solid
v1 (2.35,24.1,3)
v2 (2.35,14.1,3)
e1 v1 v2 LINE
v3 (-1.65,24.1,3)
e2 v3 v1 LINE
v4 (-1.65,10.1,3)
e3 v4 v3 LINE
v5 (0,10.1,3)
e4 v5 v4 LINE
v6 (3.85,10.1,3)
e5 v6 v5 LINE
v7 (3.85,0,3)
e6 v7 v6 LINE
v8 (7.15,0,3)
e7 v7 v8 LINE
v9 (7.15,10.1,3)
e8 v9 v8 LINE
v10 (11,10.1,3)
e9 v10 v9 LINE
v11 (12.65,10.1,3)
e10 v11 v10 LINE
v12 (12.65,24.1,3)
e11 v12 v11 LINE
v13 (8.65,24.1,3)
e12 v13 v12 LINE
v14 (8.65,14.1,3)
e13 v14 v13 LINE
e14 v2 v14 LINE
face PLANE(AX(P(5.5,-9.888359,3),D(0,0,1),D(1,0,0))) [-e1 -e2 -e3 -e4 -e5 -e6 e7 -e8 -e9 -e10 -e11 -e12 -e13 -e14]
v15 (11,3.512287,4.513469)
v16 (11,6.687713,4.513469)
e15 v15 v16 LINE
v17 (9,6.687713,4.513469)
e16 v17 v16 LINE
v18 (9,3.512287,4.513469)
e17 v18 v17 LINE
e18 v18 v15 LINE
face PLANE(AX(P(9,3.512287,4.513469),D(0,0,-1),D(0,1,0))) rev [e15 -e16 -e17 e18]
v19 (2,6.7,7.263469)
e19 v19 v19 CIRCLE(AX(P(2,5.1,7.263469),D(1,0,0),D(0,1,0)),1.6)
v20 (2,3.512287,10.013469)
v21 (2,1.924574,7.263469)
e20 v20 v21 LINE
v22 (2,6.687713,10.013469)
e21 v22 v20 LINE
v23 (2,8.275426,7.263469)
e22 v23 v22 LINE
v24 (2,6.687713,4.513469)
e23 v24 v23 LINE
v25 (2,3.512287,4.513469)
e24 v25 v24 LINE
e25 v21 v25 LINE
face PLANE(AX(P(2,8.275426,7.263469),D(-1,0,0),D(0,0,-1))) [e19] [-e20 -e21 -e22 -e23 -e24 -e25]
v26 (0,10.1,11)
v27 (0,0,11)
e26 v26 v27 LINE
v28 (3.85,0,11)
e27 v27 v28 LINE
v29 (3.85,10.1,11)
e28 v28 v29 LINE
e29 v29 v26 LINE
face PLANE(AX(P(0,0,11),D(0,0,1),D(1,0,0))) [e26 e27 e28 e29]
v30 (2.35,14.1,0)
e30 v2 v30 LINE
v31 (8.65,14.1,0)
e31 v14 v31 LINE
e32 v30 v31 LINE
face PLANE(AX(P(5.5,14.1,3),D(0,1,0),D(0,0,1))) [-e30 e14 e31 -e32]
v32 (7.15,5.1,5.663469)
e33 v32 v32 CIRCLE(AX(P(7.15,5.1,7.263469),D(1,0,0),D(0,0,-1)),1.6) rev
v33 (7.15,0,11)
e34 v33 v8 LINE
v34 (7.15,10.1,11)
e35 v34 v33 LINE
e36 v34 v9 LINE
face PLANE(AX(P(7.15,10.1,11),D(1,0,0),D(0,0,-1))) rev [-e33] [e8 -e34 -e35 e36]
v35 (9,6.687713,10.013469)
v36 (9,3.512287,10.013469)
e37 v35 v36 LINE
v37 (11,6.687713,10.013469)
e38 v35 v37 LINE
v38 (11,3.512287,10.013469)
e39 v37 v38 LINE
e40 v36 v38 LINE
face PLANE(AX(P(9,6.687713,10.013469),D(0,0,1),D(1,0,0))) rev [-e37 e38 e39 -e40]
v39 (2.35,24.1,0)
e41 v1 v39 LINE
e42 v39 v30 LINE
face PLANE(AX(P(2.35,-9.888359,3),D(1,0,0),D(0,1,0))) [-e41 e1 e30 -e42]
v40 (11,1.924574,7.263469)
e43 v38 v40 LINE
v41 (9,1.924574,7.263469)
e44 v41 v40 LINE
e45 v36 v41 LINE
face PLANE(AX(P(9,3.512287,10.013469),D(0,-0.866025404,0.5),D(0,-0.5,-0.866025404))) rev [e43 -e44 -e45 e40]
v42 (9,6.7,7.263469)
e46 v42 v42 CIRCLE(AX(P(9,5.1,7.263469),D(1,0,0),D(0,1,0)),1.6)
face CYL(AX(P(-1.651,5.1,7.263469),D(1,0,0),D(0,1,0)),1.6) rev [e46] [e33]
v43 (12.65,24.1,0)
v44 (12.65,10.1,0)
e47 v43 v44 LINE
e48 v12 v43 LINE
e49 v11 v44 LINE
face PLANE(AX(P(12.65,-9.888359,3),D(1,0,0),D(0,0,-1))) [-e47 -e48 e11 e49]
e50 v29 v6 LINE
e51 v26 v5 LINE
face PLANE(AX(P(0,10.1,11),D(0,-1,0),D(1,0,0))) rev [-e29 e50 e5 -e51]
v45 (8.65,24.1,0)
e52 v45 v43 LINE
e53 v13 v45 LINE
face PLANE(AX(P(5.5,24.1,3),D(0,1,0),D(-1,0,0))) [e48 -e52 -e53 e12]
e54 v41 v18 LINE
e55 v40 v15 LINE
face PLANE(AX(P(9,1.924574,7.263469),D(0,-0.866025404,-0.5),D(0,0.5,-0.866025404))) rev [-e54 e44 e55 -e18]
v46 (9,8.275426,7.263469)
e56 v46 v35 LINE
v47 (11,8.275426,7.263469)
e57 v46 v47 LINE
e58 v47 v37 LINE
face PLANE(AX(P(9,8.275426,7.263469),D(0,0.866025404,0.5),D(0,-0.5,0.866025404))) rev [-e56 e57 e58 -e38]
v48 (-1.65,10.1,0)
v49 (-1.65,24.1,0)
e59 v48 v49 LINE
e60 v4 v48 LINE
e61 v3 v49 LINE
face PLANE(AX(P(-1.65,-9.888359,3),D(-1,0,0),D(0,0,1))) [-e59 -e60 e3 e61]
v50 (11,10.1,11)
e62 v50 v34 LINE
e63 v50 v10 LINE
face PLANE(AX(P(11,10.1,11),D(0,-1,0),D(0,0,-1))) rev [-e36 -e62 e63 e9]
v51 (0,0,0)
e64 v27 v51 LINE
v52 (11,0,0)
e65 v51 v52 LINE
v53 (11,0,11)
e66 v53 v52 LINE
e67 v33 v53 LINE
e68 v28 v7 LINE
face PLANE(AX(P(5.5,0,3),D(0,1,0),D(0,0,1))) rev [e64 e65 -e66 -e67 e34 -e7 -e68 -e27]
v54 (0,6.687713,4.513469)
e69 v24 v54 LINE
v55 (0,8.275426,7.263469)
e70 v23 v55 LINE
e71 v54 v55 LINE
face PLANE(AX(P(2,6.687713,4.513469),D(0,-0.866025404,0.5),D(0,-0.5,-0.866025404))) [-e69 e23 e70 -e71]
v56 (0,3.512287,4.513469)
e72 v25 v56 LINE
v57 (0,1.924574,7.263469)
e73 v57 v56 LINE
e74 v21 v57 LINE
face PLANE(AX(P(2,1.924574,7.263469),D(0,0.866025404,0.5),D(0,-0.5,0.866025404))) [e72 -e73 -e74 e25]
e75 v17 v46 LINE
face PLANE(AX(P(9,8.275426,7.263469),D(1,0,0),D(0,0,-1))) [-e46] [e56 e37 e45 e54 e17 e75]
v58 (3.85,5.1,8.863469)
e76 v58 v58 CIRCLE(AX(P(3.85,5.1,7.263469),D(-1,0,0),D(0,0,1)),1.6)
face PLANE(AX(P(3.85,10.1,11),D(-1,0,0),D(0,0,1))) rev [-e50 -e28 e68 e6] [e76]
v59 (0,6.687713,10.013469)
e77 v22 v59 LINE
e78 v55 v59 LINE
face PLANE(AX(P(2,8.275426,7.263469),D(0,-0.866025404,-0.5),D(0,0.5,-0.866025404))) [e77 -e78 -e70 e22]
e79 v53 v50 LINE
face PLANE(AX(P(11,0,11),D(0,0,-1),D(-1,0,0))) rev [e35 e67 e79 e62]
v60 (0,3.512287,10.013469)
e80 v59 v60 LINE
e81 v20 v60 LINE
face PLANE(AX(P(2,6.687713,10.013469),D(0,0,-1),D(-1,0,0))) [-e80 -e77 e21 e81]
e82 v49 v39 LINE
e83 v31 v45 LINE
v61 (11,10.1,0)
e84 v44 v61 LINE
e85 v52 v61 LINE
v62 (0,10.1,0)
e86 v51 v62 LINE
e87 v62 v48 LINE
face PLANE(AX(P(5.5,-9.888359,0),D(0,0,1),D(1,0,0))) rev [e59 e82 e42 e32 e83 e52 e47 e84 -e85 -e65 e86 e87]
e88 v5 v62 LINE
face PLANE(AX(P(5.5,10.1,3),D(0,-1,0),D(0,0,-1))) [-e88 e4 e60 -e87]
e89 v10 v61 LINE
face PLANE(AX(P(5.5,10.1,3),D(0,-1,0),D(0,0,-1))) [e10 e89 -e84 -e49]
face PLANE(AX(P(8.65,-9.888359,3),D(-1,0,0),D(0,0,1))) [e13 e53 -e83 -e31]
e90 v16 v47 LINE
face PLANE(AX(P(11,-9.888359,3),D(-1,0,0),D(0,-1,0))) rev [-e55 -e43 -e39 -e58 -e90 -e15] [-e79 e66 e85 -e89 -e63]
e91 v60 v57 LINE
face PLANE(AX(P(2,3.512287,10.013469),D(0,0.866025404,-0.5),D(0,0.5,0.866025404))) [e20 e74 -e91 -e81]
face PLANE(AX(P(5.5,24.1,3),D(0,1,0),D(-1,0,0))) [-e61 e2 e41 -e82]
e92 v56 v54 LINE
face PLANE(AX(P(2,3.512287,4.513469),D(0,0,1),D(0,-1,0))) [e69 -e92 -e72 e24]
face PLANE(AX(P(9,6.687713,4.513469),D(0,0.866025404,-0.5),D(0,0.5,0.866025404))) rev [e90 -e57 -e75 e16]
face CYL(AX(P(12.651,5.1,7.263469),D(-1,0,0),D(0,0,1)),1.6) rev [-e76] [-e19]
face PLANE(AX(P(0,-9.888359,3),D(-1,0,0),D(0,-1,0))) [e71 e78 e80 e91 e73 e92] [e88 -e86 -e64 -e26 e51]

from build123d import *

# Parameters (mm, degrees)
BOSS_EXTRUDE1_DEPTH = 3
SKETCH5_W           = 3.85
SKETCH5_H           = 10.1
BOSS_EXTRUDE3_DEPTH = 8
CUT_EXTRUDE4_REACH  = 31.357
SKETCH6_R           = 1.6
SKETCH6_3_R         = 1.6
CUT_EXTRUDE5_DEPTH  = 2


with BuildPart() as part:
    # Sketch1 → Boss-Extrude1 (new body)
    with BuildSketch(Plane.XY):
        Polygon((0, 10), (0, 0), (11, 0), (11, 10), (11, 10.1), (12.65, 10.1), (12.65, 24.1), (8.65, 24.1), (8.65, 14.1), (2.35, 14.1), (2.35, 24.1), (-1.65, 24.1), (-1.65, 10.1), (0, 10.1), align=None)
    extrude(amount=BOSS_EXTRUDE1_DEPTH)

    # Sketch5 → Boss-Extrude3 (add)
    with BuildSketch(Plane.XY.offset(3)):
        with Locations((9.075, 5.05)):
            Rectangle(SKETCH5_W, SKETCH5_H)
        with Locations((1.925, 5.05)):
            Rectangle(SKETCH5_W, SKETCH5_H)
    extrude(amount=BOSS_EXTRUDE3_DEPTH)

    # Sketch6 → Cut-Extrude4 (cut, up to next)
    with BuildSketch(Plane(origin=(11, 0, 0), x_dir=(0, 0, -1), z_dir=(1, 0, 0)), mode=Mode.PRIVATE) as cut_extrude4_sk1:
        with Locations((-7.263468762, 5.1)):
            Circle(SKETCH6_R)
    cut_extrude4_tool1 = extrude(cut_extrude4_sk1.sketch, amount=-CUT_EXTRUDE4_REACH, mode=Mode.PRIVATE) & part.part
    cut_extrude4 = cut_extrude4_tool1.solids().sort_by_distance((11, 5.1, 7.263469))[0]
    add(cut_extrude4, mode=Mode.SUBTRACT)

    # Sketch6<3> → Cut-Extrude5 (cut)
    with BuildSketch(Plane(origin=(11, 0, 0), x_dir=(0, 0, -1), z_dir=(1, 0, 0))):
        Polygon((-7.263468762, 8.275426481), (-10.013468762, 6.68771324), (-10.013468762, 3.51228676), (-7.263468762, 1.924573519), (-4.513468762, 3.51228676), (-4.513468762, 6.68771324), align=None)
        with Locations((-7.263468762, 5.1)):
            Circle(SKETCH6_3_R, mode=Mode.SUBTRACT)
    cut_extrude5 = extrude(amount=-CUT_EXTRUDE5_DEPTH, mode=Mode.SUBTRACT)

    # Mirror2: Cut-Extrude4, Cut-Extrude5 across plane
    add(cut_extrude4.mirror(Plane(origin=(5.5, 0, 0), x_dir=(0, 0, 1), z_dir=(1, 0, 0))), mode=Mode.SUBTRACT)
    add(cut_extrude5.mirror(Plane(origin=(5.5, 0, 0), x_dir=(0, 0, 1), z_dir=(1, 0, 0))), mode=Mode.SUBTRACT)


solid = part.part
